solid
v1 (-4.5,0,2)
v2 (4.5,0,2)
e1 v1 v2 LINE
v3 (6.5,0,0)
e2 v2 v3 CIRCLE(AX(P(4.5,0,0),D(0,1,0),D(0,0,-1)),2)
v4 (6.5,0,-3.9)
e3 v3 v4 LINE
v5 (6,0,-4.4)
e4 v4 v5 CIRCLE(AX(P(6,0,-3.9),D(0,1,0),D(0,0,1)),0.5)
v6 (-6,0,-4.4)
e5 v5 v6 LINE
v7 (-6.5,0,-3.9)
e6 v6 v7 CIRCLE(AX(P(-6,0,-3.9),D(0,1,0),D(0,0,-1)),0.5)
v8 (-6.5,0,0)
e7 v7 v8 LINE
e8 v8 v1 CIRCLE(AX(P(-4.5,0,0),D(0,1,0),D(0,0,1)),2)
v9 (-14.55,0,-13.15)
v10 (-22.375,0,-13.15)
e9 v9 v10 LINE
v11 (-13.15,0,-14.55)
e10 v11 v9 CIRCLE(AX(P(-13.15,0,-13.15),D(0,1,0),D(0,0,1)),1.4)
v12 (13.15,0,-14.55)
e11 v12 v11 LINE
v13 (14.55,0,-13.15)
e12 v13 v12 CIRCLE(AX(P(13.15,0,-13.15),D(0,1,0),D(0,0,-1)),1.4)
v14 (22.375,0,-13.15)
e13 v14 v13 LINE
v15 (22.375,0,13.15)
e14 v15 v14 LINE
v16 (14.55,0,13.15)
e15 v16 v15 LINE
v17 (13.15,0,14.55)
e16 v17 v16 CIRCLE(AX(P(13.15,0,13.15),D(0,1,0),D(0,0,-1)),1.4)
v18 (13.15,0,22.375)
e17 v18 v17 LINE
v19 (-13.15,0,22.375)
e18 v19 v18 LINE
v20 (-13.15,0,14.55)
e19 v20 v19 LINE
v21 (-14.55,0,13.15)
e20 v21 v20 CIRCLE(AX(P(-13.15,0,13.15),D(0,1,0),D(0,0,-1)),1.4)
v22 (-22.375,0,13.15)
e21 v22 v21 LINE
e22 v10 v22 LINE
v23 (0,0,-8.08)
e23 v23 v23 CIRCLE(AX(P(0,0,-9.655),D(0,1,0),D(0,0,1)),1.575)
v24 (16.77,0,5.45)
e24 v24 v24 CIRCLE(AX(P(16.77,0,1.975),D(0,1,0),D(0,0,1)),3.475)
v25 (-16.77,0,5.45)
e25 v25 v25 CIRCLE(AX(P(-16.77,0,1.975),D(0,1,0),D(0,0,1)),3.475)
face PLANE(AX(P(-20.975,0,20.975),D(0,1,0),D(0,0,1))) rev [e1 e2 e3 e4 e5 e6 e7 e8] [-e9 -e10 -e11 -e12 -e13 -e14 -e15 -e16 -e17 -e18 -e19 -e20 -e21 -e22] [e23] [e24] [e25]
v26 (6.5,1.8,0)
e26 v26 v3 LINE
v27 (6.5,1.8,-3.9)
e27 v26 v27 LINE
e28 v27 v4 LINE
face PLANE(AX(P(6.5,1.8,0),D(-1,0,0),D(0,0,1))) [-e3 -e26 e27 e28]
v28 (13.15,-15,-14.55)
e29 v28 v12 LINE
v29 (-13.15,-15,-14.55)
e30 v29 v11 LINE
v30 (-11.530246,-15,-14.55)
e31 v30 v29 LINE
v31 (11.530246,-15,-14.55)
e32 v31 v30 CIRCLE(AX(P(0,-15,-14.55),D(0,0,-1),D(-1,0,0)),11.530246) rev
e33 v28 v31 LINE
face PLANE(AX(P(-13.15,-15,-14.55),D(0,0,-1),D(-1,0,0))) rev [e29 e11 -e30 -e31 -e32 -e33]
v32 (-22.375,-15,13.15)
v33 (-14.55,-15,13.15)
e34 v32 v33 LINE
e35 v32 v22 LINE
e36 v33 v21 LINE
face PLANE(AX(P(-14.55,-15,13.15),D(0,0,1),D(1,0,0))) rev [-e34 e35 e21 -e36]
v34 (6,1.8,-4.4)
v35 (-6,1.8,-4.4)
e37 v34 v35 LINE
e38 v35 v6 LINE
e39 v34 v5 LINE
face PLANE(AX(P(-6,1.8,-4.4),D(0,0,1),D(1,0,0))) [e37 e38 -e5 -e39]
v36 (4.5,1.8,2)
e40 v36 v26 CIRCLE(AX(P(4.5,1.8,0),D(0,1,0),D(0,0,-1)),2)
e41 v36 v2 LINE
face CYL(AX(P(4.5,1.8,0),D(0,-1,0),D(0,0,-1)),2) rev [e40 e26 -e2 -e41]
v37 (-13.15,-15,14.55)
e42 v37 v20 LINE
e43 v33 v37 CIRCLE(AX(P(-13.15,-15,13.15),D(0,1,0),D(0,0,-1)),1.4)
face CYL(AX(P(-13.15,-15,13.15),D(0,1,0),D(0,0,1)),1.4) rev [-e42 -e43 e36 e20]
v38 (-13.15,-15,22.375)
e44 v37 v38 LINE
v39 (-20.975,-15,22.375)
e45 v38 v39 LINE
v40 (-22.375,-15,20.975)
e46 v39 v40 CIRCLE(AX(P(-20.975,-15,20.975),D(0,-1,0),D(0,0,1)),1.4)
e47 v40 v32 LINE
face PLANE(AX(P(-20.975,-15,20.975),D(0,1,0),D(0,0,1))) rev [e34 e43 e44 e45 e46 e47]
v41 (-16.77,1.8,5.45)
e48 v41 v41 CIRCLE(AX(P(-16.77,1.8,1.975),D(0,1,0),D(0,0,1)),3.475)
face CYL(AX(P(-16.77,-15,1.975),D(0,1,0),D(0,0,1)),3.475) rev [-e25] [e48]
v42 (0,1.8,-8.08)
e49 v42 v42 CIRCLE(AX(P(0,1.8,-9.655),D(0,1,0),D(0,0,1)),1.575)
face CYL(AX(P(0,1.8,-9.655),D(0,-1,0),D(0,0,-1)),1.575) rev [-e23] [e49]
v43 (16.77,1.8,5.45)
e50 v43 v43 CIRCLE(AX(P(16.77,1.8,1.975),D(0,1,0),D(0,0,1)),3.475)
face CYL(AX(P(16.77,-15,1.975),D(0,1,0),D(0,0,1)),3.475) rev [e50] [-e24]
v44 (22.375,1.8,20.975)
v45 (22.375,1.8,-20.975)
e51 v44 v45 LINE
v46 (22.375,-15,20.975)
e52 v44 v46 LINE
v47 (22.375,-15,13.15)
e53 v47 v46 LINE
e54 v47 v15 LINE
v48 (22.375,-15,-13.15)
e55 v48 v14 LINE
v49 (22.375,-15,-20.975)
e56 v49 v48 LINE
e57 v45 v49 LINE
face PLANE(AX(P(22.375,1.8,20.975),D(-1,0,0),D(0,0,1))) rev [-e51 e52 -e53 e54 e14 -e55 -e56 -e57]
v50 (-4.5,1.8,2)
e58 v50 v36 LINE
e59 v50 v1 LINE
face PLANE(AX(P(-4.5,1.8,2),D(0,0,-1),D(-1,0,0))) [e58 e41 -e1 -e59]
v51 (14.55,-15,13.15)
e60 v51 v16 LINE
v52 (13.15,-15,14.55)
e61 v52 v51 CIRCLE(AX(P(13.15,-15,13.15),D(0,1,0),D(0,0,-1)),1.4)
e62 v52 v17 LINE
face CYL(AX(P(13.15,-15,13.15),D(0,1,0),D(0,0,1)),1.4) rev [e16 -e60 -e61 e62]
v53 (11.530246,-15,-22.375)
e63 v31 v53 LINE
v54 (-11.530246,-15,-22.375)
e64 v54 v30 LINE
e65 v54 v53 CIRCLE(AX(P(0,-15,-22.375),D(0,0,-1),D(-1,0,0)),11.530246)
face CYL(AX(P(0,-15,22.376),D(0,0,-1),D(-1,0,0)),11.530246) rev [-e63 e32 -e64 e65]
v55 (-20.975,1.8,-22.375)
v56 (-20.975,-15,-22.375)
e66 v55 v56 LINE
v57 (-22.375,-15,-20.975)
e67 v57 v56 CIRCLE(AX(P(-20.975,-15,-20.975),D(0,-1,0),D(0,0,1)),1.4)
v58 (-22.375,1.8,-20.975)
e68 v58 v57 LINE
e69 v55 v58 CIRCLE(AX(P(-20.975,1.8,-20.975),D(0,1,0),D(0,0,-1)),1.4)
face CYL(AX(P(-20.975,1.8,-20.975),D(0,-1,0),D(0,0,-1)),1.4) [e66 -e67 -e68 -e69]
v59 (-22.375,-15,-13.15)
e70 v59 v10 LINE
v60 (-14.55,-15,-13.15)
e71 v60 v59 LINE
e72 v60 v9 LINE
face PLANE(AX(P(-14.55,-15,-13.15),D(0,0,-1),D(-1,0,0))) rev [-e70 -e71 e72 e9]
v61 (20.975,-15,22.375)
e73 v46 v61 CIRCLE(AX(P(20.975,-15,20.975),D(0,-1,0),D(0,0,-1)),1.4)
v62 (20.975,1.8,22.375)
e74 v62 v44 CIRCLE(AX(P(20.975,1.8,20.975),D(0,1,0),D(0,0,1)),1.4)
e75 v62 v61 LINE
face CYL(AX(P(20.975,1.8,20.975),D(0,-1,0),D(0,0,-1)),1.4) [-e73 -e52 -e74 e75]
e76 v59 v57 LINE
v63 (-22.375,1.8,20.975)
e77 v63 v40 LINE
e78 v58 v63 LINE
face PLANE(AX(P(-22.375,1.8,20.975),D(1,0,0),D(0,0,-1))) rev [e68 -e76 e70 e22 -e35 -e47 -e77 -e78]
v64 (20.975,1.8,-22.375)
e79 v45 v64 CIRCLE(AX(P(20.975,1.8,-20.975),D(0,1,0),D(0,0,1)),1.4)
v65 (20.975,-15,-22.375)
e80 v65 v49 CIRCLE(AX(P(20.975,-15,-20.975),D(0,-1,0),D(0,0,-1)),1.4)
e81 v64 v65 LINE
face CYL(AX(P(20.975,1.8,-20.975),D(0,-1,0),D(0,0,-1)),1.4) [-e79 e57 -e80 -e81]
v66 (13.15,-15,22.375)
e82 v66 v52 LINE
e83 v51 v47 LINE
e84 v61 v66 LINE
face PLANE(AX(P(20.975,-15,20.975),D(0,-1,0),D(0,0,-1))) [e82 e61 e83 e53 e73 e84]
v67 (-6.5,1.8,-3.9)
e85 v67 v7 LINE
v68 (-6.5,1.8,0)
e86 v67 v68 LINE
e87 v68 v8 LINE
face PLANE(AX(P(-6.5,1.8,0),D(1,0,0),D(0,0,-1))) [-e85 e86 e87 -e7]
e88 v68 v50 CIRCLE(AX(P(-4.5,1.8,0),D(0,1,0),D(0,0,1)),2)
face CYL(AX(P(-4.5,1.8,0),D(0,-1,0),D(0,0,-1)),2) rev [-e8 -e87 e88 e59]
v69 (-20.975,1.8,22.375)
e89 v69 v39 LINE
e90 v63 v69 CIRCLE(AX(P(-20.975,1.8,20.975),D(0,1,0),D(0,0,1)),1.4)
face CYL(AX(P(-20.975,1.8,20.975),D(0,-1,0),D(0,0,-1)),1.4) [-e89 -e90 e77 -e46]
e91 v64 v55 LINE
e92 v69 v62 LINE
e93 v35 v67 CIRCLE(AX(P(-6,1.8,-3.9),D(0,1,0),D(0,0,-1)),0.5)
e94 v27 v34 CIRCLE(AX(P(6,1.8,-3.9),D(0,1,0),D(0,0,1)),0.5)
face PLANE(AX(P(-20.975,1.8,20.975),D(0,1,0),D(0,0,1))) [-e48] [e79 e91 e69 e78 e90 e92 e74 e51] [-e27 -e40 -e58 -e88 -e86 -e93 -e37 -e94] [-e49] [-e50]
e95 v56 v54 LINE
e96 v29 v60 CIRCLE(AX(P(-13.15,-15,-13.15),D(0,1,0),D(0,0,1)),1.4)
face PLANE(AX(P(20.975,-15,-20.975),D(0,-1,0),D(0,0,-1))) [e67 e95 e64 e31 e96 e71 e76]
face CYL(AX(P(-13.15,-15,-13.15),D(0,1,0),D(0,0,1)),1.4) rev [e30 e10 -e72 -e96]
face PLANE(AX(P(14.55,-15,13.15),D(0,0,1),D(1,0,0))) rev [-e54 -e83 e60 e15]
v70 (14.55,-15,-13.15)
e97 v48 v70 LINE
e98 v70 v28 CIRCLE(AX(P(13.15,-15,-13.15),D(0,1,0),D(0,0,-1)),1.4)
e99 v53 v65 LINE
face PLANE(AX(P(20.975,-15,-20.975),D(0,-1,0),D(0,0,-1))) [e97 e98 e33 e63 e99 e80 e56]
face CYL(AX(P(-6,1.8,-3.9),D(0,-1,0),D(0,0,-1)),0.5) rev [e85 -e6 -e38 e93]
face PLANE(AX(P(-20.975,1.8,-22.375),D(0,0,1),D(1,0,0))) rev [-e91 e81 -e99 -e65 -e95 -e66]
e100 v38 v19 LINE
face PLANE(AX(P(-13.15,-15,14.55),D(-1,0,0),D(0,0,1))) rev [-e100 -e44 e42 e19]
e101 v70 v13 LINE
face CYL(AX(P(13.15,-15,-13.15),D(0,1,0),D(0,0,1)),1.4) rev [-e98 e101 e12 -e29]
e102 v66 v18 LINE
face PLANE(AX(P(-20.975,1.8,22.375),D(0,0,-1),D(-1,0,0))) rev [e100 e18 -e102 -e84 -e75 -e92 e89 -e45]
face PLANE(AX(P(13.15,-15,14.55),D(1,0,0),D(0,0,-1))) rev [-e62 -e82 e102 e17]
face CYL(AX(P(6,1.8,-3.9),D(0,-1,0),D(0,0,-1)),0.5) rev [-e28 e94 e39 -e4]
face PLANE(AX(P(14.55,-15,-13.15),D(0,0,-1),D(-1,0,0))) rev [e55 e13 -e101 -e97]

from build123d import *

# Parameters (mm, degrees)
SKETCH2_R           = 1.575
BOSS_EXTRUDE3_DEPTH = 1.8
BOSS_EXTRUDE4_START = 15
BOSS_EXTRUDE4_DEPTH = 15
CUT_EXTRUDE1_REACH  = 54.232
SKETCH4_R           = 11.530245675
SKETCH5_R           = 3.475
CUT_EXTRUDE2_DEPTH  = 36.826264807


with BuildPart() as part:
    # Sketch2 → Boss-Extrude3 (new body)
    with BuildSketch(Plane(origin=(0, 0, 0), x_dir=(1, 0, 0), z_dir=(0, 1, 0))):
        with BuildLine():
            Line((-20.975, -22.375), (20.975, -22.375))
            ThreePointArc((20.975, -22.375), (21.964949494, -21.964949494), (22.375, -20.975))
            Line((22.375, -20.975), (22.375, 20.975))
            ThreePointArc((22.375, 20.975), (21.964949494, 21.964949494), (20.975, 22.375))
            Line((20.975, 22.375), (-20.975, 22.375))
            ThreePointArc((-20.975, 22.375), (-21.964949494, 21.964949494), (-22.375, 20.975))
            Line((-22.375, 20.975), (-22.375, -20.975))
            ThreePointArc((-22.375, -20.975), (-21.964949494, -21.964949494), (-20.975, -22.375))
        make_face()
        with Locations(Location((0, 9.655, 0), (0, 0, 270))):
            Circle(SKETCH2_R, mode=Mode.SUBTRACT)
        with BuildLine():
            Line((-4.5, -2), (4.5, -2))
            ThreePointArc((4.5, -2), (5.914213562, -1.414213562), (6.5, 0))
            Line((6.5, 0), (6.5, 3.9))
            ThreePointArc((6.5, 3.9), (6.353553391, 4.253553391), (6, 4.4))
            Line((6, 4.4), (-6, 4.4))
            ThreePointArc((-6, 4.4), (-6.353553391, 4.253553391), (-6.5, 3.9))
            Line((-6.5, 3.9), (-6.5, 0))
            ThreePointArc((-6.5, 0), (-5.914213562, -1.414213562), (-4.5, -2))
        make_face(mode=Mode.SUBTRACT)
    extrude(amount=BOSS_EXTRUDE3_DEPTH)

    # Sketch3 → Boss-Extrude4 (add)
    with BuildSketch(Plane.XZ.offset(BOSS_EXTRUDE4_START)):
        with BuildLine():
            Line((-20.975, -22.375), (20.975, -22.375))
            ThreePointArc((20.975, -22.375), (21.964949494, -21.964949494), (22.375, -20.975))
            Line((22.375, -20.975), (22.375, -13.15))
            Line((22.375, -13.15), (14.55, -13.15))
            ThreePointArc((14.55, -13.15), (14.139949494, -14.139949494), (13.15, -14.55))
            Line((13.15, -14.55), (-13.15, -14.55))
            ThreePointArc((-13.15, -14.55), (-14.139949494, -14.139949494), (-14.55, -13.15))
            Line((-14.55, -13.15), (-22.375, -13.15))
            Line((-22.375, -13.15), (-22.375, -20.975))
            ThreePointArc((-22.375, -20.975), (-21.964949494, -21.964949494), (-20.975, -22.375))
        make_face()
        with BuildLine():
            Line((-20.975, 22.375), (-13.15, 22.375))
            Line((-13.15, 22.375), (-13.15, 14.55))
            ThreePointArc((-13.15, 14.55), (-14.139949494, 14.139949494), (-14.55, 13.15))
            Line((-14.55, 13.15), (-22.375, 13.15))
            Line((-22.375, 13.15), (-22.375, 20.975))
            ThreePointArc((-22.375, 20.975), (-21.964949494, 21.964949494), (-20.975, 22.375))
        make_face()
        with BuildLine():
            Line((14.55, 13.15), (22.375, 13.15))
            Line((22.375, 13.15), (22.375, 20.975))
            ThreePointArc((22.375, 20.975), (21.964949494, 21.964949494), (20.975, 22.375))
            Line((20.975, 22.375), (13.15, 22.375))
            Line((13.15, 22.375), (13.15, 14.55))
            ThreePointArc((13.15, 14.55), (14.139949494, 14.139949494), (14.55, 13.15))
        make_face()
    extrude(amount=-BOSS_EXTRUDE4_DEPTH)

    # Sketch4 → Cut-Extrude1 (cut, up to next)
    with BuildSketch(Plane(origin=(0, 0, -22.375), x_dir=(-1, 0, 0), z_dir=(0, 0, -1)), mode=Mode.PRIVATE) as cut_extrude1_sk1:
        with Locations((0, -15)):
            Circle(SKETCH4_R)
    cut_extrude1_tool1 = extrude(cut_extrude1_sk1.sketch, amount=-CUT_EXTRUDE1_REACH, mode=Mode.PRIVATE) & part.part
    add(cut_extrude1_tool1.solids().sort_by_distance((0, -15, -22.375))[0], mode=Mode.SUBTRACT)

    # Sketch5 → Cut-Extrude2 (cut, through all)
    with BuildSketch(Plane(origin=(0, 1.8, 0), x_dir=(1, 0, 0), z_dir=(0, 1, 0))):
        with Locations(Location((-16.77, -1.975, 0), (0, 0, 270))):
            Circle(SKETCH5_R)
        with Locations(Location((16.77, -1.975, 0), (0, 0, 270))):
            Circle(SKETCH5_R)
    extrude(amount=-CUT_EXTRUDE2_DEPTH, mode=Mode.SUBTRACT)


solid = part.part
